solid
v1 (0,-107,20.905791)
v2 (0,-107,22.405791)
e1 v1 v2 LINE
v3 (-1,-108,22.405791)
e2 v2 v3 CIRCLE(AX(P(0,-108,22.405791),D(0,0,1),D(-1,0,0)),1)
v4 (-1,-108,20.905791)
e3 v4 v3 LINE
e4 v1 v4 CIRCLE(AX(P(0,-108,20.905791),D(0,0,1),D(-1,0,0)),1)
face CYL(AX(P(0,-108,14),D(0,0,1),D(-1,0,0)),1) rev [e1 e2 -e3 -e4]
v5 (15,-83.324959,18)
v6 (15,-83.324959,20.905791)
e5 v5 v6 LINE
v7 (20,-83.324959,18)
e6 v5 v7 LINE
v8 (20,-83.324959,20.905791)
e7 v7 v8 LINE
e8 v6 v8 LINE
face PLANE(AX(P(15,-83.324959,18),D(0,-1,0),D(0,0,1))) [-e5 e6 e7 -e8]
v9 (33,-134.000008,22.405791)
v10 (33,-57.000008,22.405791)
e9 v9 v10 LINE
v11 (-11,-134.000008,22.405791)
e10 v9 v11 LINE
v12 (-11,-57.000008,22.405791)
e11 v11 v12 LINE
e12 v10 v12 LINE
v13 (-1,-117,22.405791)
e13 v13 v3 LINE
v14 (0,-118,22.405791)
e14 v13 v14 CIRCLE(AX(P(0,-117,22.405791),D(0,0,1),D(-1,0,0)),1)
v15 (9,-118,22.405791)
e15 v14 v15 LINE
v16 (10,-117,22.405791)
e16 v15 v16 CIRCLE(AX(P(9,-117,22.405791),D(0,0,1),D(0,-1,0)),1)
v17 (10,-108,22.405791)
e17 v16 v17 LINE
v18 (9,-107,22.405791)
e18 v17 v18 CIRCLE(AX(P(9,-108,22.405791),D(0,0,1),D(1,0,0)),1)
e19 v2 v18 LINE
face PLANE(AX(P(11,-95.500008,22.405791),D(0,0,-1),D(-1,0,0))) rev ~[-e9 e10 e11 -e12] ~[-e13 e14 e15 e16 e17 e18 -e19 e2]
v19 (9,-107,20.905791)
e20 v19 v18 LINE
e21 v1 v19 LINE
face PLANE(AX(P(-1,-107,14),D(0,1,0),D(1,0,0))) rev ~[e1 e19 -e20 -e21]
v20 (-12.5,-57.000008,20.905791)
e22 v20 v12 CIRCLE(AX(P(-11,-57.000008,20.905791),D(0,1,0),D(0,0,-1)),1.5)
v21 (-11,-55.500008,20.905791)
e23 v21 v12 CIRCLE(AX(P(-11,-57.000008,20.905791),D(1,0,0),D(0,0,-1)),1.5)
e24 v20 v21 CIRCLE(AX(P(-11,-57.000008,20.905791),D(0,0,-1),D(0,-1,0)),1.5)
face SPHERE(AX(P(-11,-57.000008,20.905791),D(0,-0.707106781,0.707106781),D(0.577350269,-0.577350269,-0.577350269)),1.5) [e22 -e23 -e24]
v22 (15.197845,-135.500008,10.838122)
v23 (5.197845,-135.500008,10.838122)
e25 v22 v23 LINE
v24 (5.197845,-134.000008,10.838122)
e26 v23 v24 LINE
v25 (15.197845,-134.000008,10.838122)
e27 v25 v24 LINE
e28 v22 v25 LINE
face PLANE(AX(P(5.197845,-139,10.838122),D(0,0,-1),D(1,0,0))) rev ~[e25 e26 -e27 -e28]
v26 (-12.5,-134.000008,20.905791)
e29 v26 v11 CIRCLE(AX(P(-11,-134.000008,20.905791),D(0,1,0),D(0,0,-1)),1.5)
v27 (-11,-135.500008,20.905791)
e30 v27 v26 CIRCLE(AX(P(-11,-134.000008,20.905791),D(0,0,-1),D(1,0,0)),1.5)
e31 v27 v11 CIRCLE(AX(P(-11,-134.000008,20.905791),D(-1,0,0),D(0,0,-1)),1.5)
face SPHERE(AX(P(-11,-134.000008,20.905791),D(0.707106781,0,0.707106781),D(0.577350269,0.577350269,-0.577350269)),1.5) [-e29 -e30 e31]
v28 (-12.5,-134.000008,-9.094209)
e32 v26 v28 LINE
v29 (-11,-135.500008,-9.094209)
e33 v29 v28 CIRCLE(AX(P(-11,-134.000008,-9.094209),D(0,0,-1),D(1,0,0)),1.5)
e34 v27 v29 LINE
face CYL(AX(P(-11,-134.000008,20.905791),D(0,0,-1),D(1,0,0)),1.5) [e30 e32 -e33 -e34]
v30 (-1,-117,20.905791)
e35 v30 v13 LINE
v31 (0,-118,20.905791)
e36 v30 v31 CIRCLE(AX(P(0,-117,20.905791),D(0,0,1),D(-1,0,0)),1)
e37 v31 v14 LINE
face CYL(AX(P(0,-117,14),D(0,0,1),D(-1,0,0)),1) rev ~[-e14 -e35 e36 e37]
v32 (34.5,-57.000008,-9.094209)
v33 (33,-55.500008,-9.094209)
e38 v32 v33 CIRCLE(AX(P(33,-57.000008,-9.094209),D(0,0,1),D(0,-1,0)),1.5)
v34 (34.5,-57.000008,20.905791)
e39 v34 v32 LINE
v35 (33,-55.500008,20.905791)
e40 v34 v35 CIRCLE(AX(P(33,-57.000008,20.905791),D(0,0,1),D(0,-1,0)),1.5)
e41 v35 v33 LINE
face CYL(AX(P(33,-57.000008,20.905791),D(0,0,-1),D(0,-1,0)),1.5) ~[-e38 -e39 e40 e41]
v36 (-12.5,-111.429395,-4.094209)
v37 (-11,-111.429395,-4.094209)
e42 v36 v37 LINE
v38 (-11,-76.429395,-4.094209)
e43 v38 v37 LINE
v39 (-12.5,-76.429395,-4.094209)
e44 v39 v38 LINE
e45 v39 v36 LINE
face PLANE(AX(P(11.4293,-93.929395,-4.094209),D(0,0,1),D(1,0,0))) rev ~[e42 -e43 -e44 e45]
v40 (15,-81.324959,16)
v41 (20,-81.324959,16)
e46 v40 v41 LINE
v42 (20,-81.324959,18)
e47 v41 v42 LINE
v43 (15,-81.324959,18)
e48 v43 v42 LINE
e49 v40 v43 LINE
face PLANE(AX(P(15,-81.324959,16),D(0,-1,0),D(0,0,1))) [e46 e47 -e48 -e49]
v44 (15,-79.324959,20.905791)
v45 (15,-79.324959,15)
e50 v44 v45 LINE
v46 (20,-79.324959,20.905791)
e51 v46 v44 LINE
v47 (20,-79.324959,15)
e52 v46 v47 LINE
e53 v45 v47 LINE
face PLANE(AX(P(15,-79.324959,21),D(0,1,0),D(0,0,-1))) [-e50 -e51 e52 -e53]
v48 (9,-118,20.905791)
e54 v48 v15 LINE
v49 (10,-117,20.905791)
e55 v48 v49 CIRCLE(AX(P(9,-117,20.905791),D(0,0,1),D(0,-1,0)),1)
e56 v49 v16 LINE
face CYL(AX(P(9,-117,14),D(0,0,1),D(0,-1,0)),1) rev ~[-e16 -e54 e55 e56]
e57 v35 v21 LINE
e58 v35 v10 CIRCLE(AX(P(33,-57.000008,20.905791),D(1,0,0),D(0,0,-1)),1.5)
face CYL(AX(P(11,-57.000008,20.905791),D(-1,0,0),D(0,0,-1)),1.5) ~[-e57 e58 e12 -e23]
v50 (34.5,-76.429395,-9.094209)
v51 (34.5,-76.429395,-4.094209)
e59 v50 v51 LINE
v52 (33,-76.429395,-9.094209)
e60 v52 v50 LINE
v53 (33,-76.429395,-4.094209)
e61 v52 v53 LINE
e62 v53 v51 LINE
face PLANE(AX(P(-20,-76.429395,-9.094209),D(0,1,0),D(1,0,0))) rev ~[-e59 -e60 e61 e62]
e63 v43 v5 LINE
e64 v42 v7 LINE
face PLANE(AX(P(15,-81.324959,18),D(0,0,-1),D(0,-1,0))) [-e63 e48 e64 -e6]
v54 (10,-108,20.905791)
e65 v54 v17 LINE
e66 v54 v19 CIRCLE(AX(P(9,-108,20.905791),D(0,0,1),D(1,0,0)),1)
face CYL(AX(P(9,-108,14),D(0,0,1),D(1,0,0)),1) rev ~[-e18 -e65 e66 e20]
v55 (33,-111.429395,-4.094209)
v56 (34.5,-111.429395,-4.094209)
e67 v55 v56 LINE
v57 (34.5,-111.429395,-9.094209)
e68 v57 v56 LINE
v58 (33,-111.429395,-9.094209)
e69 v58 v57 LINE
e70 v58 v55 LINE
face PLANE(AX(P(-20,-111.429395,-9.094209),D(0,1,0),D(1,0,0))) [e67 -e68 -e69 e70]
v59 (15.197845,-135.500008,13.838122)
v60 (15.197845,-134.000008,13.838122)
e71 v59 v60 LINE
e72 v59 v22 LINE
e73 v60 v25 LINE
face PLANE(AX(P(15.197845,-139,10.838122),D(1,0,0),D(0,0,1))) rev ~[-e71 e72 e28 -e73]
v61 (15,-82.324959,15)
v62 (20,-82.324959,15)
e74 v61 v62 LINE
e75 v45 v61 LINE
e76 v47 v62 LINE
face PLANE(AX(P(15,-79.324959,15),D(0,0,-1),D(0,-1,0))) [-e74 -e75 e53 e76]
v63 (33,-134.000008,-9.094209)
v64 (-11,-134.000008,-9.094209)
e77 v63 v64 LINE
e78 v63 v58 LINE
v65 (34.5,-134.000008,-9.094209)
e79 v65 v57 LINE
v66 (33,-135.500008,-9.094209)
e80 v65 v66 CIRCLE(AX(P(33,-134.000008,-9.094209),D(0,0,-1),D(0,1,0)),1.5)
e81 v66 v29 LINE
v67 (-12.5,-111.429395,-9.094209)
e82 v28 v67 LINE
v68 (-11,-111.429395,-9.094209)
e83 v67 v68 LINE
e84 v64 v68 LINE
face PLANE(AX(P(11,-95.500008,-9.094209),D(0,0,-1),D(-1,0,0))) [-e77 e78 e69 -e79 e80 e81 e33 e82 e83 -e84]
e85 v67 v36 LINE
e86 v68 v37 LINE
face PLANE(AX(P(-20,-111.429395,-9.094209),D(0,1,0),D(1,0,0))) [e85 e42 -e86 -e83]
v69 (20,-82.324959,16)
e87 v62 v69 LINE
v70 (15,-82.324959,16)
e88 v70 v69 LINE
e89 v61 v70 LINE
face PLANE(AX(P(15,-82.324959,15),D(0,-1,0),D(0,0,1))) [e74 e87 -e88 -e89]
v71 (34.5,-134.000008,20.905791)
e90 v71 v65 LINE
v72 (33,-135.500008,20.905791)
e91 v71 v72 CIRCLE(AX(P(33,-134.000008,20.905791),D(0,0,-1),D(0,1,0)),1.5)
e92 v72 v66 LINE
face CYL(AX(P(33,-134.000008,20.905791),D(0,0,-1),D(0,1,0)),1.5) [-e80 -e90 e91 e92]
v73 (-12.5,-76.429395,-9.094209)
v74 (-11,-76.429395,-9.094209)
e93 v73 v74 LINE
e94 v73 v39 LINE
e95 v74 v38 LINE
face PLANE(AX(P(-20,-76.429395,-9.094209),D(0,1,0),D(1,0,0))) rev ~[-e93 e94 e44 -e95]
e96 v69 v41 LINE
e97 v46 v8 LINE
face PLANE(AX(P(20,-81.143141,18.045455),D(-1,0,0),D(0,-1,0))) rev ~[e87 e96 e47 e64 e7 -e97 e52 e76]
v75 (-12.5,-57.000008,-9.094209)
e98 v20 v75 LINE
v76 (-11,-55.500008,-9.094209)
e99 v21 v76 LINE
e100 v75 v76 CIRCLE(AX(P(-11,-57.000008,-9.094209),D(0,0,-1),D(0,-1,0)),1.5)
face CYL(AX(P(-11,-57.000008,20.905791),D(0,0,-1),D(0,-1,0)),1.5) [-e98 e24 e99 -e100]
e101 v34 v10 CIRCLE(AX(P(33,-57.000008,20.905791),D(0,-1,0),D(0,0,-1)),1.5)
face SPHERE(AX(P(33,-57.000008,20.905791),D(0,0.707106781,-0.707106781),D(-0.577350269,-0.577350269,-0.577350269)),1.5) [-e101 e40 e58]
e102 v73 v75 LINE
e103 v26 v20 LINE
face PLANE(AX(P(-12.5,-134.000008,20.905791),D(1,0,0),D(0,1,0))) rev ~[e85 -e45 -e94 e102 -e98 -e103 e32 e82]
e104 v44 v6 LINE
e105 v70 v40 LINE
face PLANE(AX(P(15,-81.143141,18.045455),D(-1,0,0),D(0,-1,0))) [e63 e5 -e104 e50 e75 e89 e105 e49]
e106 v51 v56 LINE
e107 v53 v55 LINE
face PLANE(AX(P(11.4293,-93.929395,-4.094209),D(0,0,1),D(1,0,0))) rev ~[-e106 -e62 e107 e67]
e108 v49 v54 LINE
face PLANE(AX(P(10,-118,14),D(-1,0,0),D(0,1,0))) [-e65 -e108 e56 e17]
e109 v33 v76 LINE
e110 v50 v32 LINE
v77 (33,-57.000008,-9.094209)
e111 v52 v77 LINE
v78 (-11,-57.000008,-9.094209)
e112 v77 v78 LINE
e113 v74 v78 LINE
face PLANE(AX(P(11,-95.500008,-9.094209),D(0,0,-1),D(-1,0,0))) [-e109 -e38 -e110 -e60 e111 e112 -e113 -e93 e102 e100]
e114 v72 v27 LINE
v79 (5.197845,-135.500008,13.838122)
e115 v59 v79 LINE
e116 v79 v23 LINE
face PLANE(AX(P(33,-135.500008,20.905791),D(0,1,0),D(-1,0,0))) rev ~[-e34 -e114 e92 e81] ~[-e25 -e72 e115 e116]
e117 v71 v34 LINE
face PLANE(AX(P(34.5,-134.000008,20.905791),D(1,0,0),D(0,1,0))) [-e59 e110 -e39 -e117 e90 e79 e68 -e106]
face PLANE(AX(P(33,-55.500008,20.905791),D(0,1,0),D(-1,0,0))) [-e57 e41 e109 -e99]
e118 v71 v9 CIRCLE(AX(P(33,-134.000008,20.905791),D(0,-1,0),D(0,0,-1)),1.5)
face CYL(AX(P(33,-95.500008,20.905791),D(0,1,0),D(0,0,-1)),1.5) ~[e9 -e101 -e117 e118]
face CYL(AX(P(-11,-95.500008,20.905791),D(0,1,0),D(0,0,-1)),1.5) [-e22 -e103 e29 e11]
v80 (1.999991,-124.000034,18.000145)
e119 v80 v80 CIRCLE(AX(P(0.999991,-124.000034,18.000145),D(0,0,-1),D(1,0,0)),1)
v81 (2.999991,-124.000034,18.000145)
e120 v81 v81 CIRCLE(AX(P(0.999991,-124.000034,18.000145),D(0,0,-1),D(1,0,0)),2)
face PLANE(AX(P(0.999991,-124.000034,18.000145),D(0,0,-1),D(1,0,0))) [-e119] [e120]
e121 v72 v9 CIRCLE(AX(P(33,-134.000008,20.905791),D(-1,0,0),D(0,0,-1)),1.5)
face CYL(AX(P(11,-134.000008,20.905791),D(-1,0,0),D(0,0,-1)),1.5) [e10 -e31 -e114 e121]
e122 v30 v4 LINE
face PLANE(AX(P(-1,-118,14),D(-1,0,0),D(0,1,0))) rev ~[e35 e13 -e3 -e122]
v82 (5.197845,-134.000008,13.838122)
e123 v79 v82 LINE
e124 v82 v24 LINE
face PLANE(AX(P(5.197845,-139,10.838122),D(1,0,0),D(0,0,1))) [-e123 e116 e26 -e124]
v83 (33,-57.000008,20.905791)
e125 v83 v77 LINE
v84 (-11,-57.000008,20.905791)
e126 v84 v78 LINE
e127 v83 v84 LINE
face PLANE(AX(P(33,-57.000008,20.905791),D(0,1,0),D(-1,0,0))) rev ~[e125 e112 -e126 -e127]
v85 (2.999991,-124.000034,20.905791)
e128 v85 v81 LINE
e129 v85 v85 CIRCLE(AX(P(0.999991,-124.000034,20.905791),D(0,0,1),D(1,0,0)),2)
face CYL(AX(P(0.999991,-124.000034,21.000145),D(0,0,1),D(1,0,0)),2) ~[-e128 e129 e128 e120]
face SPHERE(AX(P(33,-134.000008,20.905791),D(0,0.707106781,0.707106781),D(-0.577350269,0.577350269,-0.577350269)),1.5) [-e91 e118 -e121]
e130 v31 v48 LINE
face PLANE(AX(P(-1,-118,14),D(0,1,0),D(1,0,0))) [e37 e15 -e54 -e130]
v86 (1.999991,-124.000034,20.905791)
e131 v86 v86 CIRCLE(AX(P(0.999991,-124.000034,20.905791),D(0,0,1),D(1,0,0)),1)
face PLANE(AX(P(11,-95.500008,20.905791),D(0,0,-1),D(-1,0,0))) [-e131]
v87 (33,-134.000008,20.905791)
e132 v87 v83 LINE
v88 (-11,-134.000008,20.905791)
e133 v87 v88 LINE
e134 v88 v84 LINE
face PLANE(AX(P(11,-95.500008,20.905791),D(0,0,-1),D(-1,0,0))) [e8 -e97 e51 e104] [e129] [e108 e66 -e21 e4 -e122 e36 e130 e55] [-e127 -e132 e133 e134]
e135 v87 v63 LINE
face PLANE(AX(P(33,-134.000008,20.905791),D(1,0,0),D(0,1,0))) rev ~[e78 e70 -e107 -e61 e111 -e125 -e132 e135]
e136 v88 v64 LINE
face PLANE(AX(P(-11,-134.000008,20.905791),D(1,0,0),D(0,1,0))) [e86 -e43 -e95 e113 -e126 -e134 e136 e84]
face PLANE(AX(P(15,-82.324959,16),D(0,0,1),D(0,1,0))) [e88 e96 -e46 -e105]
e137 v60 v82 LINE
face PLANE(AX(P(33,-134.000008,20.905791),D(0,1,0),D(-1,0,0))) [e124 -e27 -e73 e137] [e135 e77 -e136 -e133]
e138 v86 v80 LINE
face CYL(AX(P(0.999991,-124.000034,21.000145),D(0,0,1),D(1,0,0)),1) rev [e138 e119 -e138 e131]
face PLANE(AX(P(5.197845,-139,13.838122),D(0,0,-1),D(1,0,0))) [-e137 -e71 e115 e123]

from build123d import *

# Parameters (mm, degrees)
SKETCH011_AS_DRAWN_W                 = 10
SKETCH011_AS_DRAWN_H                 = 3
EXTRUDE005_DEPTH                     = 10
EXTRUDE005_ONTO_SKETCH011_ROLL_ANGLE = 90
BOX_W                                = 11
BOX_H                                = 11
BOX_DEPTH                            = 10
FILLET001_R                          = 1
SKETCH007_W                          = 62.8586
SKETCH007_H                          = 35
EXTRUDE003_DEPTH                     = 5
CYLINDER_R                           = 2
CYLINDER_DEPTH                       = 40
SKETCH003_W                          = 44
SKETCH003_H                          = 77
PAD_DEPTH                            = 30
THICKNESS_T                          = 1.5
SKETCH005_R                          = 2
SKETCH005_R_2                        = 1
PAD001_DEPTH                         = 3
EXTRUDE004_DEPTH                     = 5


with BuildPart() as extrude005:
    # Sketch011 as drawn → Extrude005 (new)
    with BuildSketch(Plane.XY):
        with Locations((10.197845, 12.338122)):
            Rectangle(SKETCH011_AS_DRAWN_W, SKETCH011_AS_DRAWN_H)
    extrude(amount=-EXTRUDE005_DEPTH)


with BuildPart() as extrude005_1:
    # Extrude005 onto Sketch011 roll: moved
    add(extrude005.part.rotate(Axis((0, 0, 0), (1, 0, 0)), EXTRUDE005_ONTO_SKETCH011_ROLL_ANGLE))


with BuildPart() as extrude005_2:
    # Extrude005 onto Sketch011 placement: moved
    add(extrude005_1.part.moved(Location((0, -139, 0))))


with BuildPart() as fillet001:
    # Box → Box (new body)
    with BuildSketch(Plane.XY):
        with Locations((5.5, 5.5)):
            Rectangle(BOX_W, BOX_H)
    extrude(amount=BOX_DEPTH)

    # Fillet001
    fillet001_edges = [fillet001.edges().sort_by_distance(p)[0] for p in [
        (0, 0, 5),
        (0, 11, 5),
        (11, 0, 5),
        (11, 11, 5),
    ]]
    fillet(fillet001_edges, radius=FILLET001_R)


with BuildPart() as fillet001_1:
    # Fillet001 placement: moved
    add(fillet001.part.moved(Location((-1, -118, 14))))


with BuildPart() as extrude003:
    # Sketch007 → Extrude003 (new body)
    with BuildSketch(Plane.XY):
        with Locations((11.4293, -93.929395)):
            Rectangle(SKETCH007_W, SKETCH007_H)
    extrude(amount=EXTRUDE003_DEPTH)


with BuildPart() as cilindro:
    # Cylinder → Cylinder (new body)
    with BuildSketch(Plane(origin=(-29, 21, -2), x_dir=(1, 0, 0), z_dir=(0, 0, 1))):
        Circle(CYLINDER_R)
    extrude(amount=CYLINDER_DEPTH)


with BuildPart() as cut:
    # Sketch003 → Pad (new body)
    with BuildSketch(Plane(origin=(0, 0, 0), x_dir=(-1, 0, 0), z_dir=(0, 0, -1))):
        with Locations((22, 38.5)):
            Rectangle(SKETCH003_W, SKETCH003_H)
    extrude(amount=PAD_DEPTH)

    # Thickness
    thickness_openings = [cut.faces().sort_by_distance(p)[0] for p in [
        (-22, 38.5, -30),
    ]]
    offset(amount=THICKNESS_T, openings=thickness_openings)


with BuildPart() as cut_1:
    # Thickness placement: moved
    add(cut.part.moved(Location((9e-06, 2.6e-05, 20.905646))))

    # Cut: cut Cilindro
    add(cilindro.part, mode=Mode.SUBTRACT)


with BuildPart() as cut003:
    # Sketch005 → Pad001 (new body)
    with BuildSketch(Plane(origin=(0, 0, 21), x_dir=(1, 0, 0), z_dir=(0, 0, -1))):
        with Locations((-32, -10)):
            Circle(SKETCH005_R)
        with Locations((-32, -10)):
            Circle(SKETCH005_R_2, mode=Mode.SUBTRACT)
    extrude(amount=PAD001_DEPTH)

    # Fusion: union Cut
    add(cut_1.part)


with BuildPart() as cut003_1:
    # Fusion placement: moved
    add(cut003.part.moved(Location((32.999991, -134.000034, 9.094354))))

    # Cut001: cut Extrude003
    add(extrude003.part, mode=Mode.SUBTRACT)


with BuildPart() as cut003_2:
    # Cut001 placement: moved
    add(cut003_1.part.moved(Location((0, 0, -9.094209))))

    # Cut002: cut Fillet001
    add(fillet001_1.part, mode=Mode.SUBTRACT)

    # Cut003: cut Extrude005
    add(extrude005_2.part, mode=Mode.SUBTRACT)


with BuildPart() as fusion002:
    # Sketch009 → Extrude004 (new body)
    with BuildSketch(Plane.YZ.offset(15)):
        Polygon((-79.324959, 21), (-79.324959, 15), (-82.324959, 15), (-82.324959, 16), (-81.324959, 16), (-81.324959, 18), (-83.324959, 18), (-83.324959, 21), align=None)
    extrude(amount=EXTRUDE004_DEPTH)

    # Fusion002: union Cut003
    add(cut003_2.part)


solid = fusion002.part
